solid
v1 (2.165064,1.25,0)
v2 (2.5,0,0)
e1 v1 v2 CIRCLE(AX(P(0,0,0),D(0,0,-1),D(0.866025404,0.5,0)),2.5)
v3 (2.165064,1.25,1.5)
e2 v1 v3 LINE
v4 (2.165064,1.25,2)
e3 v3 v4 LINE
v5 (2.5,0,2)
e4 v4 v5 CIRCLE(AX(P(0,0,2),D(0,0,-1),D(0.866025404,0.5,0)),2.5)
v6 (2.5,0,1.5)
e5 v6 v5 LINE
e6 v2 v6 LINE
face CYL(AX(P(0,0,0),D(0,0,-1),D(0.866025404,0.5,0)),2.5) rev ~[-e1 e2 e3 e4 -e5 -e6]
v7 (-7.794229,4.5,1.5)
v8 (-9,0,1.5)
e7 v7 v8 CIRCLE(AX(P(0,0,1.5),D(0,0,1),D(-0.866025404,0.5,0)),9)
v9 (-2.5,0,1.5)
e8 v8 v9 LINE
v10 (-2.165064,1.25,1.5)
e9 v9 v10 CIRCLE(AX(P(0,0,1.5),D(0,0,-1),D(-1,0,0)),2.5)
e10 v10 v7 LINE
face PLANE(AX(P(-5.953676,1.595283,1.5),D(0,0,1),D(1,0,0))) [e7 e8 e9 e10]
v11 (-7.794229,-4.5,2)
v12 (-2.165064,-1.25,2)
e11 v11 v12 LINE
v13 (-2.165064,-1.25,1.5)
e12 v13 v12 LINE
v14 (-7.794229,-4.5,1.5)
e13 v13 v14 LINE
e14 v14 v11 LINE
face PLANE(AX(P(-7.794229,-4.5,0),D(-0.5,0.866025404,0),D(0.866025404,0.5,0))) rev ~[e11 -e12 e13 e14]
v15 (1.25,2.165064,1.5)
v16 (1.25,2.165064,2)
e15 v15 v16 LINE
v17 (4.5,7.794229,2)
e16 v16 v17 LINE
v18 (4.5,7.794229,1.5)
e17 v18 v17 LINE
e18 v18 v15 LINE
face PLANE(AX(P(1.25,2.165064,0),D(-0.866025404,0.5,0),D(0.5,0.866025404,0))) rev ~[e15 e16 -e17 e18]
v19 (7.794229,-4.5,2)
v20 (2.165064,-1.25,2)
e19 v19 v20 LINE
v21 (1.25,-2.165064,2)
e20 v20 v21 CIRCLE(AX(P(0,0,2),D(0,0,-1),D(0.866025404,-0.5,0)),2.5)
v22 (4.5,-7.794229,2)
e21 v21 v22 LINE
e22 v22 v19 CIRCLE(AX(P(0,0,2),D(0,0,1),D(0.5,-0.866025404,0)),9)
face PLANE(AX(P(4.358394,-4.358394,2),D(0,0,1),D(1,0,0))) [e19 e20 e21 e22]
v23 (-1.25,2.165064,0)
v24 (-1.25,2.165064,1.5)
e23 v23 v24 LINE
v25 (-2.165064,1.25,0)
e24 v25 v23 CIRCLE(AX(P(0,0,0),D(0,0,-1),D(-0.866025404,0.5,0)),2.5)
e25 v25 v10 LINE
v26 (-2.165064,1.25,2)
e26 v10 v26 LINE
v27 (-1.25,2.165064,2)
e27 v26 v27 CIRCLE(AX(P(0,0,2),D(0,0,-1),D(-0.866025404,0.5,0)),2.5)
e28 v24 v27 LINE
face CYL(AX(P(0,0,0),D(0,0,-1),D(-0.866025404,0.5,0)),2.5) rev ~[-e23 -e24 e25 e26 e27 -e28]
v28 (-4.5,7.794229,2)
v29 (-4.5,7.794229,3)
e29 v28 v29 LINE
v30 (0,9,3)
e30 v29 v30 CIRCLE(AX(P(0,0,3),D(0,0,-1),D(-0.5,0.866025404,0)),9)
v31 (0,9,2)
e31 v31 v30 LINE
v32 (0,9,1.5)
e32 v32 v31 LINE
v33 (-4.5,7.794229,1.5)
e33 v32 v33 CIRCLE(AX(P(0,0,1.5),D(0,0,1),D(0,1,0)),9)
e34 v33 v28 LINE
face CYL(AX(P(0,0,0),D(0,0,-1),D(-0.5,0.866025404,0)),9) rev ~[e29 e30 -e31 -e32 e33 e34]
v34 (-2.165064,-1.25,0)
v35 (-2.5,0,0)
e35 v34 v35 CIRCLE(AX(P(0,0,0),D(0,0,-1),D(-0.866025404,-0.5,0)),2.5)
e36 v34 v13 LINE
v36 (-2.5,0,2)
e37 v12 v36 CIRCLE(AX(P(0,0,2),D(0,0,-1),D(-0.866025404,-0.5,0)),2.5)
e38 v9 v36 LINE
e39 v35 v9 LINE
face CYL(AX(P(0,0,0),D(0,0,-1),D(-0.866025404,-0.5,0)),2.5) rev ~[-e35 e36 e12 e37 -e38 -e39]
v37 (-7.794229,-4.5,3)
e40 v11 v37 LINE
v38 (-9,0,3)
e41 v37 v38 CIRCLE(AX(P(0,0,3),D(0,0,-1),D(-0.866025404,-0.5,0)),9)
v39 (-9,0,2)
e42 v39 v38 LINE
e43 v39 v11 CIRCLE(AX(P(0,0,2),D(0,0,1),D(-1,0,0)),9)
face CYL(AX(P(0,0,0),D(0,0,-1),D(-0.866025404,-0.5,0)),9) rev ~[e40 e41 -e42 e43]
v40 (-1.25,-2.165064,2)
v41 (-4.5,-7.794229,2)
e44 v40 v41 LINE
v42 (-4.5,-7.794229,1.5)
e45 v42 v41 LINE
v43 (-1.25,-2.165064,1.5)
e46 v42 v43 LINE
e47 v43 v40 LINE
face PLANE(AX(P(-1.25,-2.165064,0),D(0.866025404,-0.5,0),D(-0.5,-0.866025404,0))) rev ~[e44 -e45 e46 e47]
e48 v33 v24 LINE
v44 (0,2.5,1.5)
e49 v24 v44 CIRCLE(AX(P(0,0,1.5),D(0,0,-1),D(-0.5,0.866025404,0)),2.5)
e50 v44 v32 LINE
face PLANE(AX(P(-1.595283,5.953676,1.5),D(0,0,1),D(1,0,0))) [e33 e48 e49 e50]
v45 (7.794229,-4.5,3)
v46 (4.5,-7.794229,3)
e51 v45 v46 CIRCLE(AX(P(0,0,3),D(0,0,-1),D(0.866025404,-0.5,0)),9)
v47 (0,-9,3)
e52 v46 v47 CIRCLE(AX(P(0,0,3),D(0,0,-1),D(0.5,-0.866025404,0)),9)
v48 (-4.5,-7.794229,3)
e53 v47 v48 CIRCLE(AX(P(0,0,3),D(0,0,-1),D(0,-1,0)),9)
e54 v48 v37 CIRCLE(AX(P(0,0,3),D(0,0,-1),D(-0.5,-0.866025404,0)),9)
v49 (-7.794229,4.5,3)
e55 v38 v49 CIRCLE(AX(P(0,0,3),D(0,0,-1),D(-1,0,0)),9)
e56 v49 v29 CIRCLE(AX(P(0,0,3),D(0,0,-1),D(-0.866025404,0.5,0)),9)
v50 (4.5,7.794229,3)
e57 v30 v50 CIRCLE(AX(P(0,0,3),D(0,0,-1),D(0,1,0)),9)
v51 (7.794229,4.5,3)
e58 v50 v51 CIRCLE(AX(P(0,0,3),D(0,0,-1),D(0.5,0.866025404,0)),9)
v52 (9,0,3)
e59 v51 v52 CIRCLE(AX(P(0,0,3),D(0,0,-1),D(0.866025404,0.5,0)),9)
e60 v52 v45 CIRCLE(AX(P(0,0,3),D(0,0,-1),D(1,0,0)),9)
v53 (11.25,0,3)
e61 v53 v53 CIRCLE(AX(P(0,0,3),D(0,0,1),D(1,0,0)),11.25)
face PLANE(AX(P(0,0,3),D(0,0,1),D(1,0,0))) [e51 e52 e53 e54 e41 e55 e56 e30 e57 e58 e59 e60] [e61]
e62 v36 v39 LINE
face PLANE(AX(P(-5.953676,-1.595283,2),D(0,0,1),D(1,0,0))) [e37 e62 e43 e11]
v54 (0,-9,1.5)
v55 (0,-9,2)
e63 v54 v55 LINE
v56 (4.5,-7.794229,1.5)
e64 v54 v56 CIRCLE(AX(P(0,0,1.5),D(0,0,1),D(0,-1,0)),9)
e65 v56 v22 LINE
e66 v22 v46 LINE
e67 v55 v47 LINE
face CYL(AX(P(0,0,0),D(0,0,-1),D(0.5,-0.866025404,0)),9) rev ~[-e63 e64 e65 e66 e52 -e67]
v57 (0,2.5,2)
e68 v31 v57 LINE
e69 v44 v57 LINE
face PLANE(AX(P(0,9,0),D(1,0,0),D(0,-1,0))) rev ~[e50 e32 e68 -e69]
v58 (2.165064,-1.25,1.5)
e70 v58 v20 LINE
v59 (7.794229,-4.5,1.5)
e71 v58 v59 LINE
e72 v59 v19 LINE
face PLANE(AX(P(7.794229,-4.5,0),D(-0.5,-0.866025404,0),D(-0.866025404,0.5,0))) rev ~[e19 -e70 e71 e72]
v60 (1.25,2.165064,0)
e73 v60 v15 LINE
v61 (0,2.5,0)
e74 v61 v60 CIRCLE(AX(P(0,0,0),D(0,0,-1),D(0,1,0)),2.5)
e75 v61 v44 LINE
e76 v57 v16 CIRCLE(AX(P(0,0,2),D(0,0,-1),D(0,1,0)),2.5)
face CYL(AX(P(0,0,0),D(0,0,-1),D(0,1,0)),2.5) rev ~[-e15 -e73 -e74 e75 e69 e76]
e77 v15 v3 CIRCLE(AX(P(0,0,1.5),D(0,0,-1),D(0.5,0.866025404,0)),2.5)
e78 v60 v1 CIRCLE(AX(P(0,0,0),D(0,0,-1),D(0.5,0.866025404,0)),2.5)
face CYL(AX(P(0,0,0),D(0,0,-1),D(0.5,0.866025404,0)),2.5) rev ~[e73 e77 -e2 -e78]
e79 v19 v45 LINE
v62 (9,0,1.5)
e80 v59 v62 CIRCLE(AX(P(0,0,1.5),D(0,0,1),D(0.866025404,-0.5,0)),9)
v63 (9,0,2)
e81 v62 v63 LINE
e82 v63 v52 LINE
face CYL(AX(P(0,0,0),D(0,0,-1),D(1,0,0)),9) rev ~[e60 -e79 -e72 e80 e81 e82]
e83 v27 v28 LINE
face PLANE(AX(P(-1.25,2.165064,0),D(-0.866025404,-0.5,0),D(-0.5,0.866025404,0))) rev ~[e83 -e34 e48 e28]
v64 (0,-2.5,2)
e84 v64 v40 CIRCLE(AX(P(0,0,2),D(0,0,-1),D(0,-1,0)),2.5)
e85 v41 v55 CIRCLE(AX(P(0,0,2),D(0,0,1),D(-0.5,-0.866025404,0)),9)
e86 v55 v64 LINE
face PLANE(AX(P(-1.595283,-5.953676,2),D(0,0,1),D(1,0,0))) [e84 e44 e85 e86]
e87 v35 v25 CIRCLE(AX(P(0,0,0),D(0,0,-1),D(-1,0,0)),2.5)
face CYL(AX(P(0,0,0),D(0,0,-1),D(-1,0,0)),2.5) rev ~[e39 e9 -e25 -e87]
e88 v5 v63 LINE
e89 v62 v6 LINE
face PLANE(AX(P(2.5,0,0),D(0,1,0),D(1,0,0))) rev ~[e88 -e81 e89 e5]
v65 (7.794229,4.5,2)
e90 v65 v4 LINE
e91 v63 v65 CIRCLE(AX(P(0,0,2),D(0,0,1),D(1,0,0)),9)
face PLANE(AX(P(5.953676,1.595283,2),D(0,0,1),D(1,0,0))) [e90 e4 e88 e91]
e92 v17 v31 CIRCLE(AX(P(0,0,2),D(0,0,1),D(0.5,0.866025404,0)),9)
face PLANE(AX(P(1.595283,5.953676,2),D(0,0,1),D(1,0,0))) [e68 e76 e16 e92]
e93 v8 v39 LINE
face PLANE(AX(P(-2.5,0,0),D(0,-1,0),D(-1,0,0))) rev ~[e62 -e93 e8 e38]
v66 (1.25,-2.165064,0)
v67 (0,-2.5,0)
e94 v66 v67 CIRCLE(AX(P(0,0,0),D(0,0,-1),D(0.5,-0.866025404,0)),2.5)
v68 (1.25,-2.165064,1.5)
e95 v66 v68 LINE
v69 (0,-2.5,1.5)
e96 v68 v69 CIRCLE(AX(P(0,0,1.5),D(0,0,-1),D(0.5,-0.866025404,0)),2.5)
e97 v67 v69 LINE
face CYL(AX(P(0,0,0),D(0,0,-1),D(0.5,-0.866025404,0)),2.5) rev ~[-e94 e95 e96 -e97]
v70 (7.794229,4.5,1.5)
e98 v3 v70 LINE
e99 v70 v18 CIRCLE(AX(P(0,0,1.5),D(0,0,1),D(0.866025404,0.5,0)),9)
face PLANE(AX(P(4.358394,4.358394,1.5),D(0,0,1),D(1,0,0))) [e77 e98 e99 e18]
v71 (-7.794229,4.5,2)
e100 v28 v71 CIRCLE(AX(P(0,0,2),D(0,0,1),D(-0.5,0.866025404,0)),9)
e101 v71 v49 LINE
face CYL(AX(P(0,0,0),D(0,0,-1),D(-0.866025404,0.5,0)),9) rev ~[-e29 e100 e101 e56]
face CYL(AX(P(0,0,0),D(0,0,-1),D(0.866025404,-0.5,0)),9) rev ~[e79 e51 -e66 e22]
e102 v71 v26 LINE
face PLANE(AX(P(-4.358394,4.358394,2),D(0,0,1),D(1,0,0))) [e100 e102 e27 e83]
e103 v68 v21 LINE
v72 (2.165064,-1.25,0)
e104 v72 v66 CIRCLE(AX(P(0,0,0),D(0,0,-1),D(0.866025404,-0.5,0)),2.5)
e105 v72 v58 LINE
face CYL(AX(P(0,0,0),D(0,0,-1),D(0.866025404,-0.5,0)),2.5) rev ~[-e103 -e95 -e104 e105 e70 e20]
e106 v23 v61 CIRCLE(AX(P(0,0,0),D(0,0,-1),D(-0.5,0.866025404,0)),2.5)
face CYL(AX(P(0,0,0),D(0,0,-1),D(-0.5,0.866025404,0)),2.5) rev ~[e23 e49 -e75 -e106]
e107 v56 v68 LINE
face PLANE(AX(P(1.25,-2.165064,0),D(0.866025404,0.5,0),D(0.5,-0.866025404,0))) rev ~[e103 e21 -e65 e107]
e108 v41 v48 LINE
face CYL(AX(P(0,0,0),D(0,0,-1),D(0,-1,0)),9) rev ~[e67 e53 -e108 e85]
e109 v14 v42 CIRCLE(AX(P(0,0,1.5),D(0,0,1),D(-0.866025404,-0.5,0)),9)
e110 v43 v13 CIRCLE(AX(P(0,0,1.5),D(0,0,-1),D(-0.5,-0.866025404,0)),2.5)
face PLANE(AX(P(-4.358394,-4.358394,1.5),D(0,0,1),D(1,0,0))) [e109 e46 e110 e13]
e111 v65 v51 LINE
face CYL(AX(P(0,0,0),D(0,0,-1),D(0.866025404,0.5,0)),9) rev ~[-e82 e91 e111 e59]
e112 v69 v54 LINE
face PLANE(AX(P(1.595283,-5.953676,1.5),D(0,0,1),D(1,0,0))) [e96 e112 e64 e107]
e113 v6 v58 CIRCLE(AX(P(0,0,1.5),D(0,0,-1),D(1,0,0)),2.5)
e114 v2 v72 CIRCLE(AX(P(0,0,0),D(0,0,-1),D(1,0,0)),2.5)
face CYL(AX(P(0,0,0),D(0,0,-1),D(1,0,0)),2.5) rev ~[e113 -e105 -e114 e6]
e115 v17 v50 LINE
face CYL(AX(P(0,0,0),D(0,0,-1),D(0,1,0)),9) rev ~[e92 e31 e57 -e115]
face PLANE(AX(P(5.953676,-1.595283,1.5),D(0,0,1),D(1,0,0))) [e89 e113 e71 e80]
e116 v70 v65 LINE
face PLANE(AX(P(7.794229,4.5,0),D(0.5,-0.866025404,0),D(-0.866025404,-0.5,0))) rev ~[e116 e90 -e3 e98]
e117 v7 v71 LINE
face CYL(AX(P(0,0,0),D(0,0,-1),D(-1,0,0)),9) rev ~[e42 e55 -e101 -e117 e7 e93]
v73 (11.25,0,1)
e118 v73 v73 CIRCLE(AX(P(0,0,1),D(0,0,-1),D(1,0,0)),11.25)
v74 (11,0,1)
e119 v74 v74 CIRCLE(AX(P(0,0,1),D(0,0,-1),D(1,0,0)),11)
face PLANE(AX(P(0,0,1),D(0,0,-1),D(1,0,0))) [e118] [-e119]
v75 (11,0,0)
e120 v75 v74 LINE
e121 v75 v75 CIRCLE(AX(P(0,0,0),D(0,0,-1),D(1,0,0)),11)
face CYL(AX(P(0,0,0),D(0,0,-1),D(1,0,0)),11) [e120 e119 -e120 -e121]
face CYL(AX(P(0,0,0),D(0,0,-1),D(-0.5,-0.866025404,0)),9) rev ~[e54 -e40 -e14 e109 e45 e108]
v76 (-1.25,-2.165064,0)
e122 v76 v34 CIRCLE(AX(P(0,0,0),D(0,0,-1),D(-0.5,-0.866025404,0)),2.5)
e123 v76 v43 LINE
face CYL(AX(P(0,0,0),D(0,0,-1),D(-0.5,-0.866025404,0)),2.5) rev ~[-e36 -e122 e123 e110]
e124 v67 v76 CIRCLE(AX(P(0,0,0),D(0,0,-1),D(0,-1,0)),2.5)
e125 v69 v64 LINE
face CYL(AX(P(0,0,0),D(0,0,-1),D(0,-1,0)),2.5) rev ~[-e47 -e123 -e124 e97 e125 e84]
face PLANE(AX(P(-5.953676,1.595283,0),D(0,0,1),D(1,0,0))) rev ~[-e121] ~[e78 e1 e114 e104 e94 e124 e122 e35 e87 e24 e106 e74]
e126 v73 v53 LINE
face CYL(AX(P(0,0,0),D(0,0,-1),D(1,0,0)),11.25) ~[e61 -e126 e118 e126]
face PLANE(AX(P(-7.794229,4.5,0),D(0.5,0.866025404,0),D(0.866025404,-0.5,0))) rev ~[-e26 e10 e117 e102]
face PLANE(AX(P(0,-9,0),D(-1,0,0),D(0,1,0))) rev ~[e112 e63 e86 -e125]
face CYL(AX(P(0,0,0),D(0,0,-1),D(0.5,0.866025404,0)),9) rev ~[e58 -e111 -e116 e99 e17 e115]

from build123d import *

# Parameters (mm, degrees)
F0_R     = 11.25
F1_DEPTH = 3
F2_DEPTH = 2
F3_DEPTH = 1.5
F4_R     = 11.25
F4_R_2   = 11
F5_DEPTH = 1


with BuildPart() as f1:
    # F0 (on Top) → F1 (new body)
    with BuildSketch(Plane.XY):
        Circle(F0_R)
        with BuildLine():
            ThreePointArc((7.7942286341, 4.5), (8.6933324366, 2.3293714059), (9, 0))
            ThreePointArc((9, 0), (8.6933324366, -2.3293714059), (7.7942286341, -4.5))
            ThreePointArc((7.7942286341, -4.5), (6.3639610307, -6.3639610307), (4.5, -7.7942286341))
            ThreePointArc((4.5, -7.7942286341), (2.3293714059, -8.6933324366), (0, -9))
            ThreePointArc((0, -9), (-2.3293714059, -8.6933324366), (-4.5, -7.7942286341))
            ThreePointArc((-4.5, -7.7942286341), (-6.3639610307, -6.3639610307), (-7.7942286341, -4.5))
            ThreePointArc((-7.7942286341, -4.5), (-8.6933324366, -2.3293714059), (-9, 0))
            ThreePointArc((-9, 0), (-8.6933324366, 2.3293714059), (-7.7942286341, 4.5))
            ThreePointArc((-7.7942286341, 4.5), (-6.3639610307, 6.3639610307), (-4.5, 7.7942286341))
            ThreePointArc((-4.5, 7.7942286341), (-2.3293714059, 8.6933324366), (0, 9))
            ThreePointArc((0, 9), (2.3293714059, 8.6933324366), (4.5, 7.7942286341))
            ThreePointArc((4.5, 7.7942286341), (6.3639610307, 6.3639610307), (7.7942286341, 4.5))
        make_face(mode=Mode.SUBTRACT)
    extrude(amount=F1_DEPTH)

    # F0 (on Top) → F2 (join)
    with BuildSketch(Plane.XY):
        with BuildLine():
            Line((-7.7942286341, 4.5), (-2.1650635095, 1.25))
            ThreePointArc((-2.1650635095, 1.25), (-1.767766953, 1.767766953), (-1.25, 2.1650635095))
            Line((-1.25, 2.1650635095), (-4.5, 7.7942286341))
            ThreePointArc((-4.5, 7.7942286341), (-6.3639610307, 6.3639610307), (-7.7942286341, 4.5))
        make_face()
        with BuildLine():
            Line((1.25, 2.1650635095), (4.5, 7.7942286341))
            ThreePointArc((4.5, 7.7942286341), (2.3293714059, 8.6933324366), (0, 9))
            Line((0, 9), (0, 2.5))
            ThreePointArc((0, 2.5), (0.6470476128, 2.4148145657), (1.25, 2.1650635095))
        make_face()
        with BuildLine():
            Line((2.5, 0), (9, 0))
            ThreePointArc((9, 0), (8.6933324366, 2.3293714059), (7.7942286341, 4.5))
            Line((7.7942286341, 4.5), (2.1650635095, 1.25))
            ThreePointArc((2.1650635095, 1.25), (2.4148145657, 0.6470476128), (2.5, 0))
        make_face()
        with BuildLine():
            ThreePointArc((4.5, -7.7942286341), (6.3639610307, -6.3639610307), (7.7942286341, -4.5))
            Line((7.7942286341, -4.5), (2.1650635095, -1.25))
            ThreePointArc((2.1650635095, -1.25), (1.767766953, -1.767766953), (1.25, -2.1650635095))
            Line((1.25, -2.1650635095), (4.5, -7.7942286341))
        make_face()
        with BuildLine():
            ThreePointArc((-4.5, -7.7942286341), (-2.3293714059, -8.6933324366), (0, -9))
            Line((0, -9), (0, -2.5))
            ThreePointArc((0, -2.5), (-0.6470476128, -2.4148145657), (-1.25, -2.1650635095))
            Line((-1.25, -2.1650635095), (-4.5, -7.7942286341))
        make_face()
        with BuildLine():
            ThreePointArc((-2.1650635095, -1.25), (-2.4148145657, -0.6470476128), (-2.5, 0))
            Line((-2.5, 0), (-9, 0))
            ThreePointArc((-9, 0), (-8.6933324366, -2.3293714059), (-7.7942286341, -4.5))
            Line((-7.7942286341, -4.5), (-2.1650635095, -1.25))
        make_face()
    extrude(amount=F2_DEPTH)

    # F0 (on Top) → F3 (join)
    with BuildSketch(Plane.XY):
        with BuildLine():
            Line((-9, 0), (-2.5, 0))
            ThreePointArc((-2.5, 0), (-2.4148145657, 0.6470476128), (-2.1650635095, 1.25))
            Line((-2.1650635095, 1.25), (-7.7942286341, 4.5))
            ThreePointArc((-7.7942286341, 4.5), (-8.6933324366, 2.3293714059), (-9, 0))
        make_face()
        with BuildLine():
            Line((0, 2.5), (0, 9))
            ThreePointArc((0, 9), (-2.3293714059, 8.6933324366), (-4.5, 7.7942286341))
            Line((-4.5, 7.7942286341), (-1.25, 2.1650635095))
            ThreePointArc((-1.25, 2.1650635095), (-0.6470476128, 2.4148145657), (0, 2.5))
        make_face()
        with BuildLine():
            Line((2.1650635095, 1.25), (7.7942286341, 4.5))
            ThreePointArc((7.7942286341, 4.5), (6.3639610307, 6.3639610307), (4.5, 7.7942286341))
            Line((4.5, 7.7942286341), (1.25, 2.1650635095))
            ThreePointArc((1.25, 2.1650635095), (1.767766953, 1.767766953), (2.1650635095, 1.25))
        make_face()
        with BuildLine():
            ThreePointArc((7.7942286341, -4.5), (8.6933324366, -2.3293714059), (9, 0))
            Line((9, 0), (2.5, 0))
            ThreePointArc((2.5, 0), (2.4148145657, -0.6470476128), (2.1650635095, -1.25))
            Line((2.1650635095, -1.25), (7.7942286341, -4.5))
        make_face()
        with BuildLine():
            ThreePointArc((0, -9), (2.3293714059, -8.6933324366), (4.5, -7.7942286341))
            Line((4.5, -7.7942286341), (1.25, -2.1650635095))
            ThreePointArc((1.25, -2.1650635095), (0.6470476128, -2.4148145657), (0, -2.5))
            Line((0, -2.5), (0, -9))
        make_face()
        with BuildLine():
            Line((-4.5, -7.7942286341), (-1.25, -2.1650635095))
            ThreePointArc((-1.25, -2.1650635095), (-1.767766953, -1.767766953), (-2.1650635095, -1.25))
            Line((-2.1650635095, -1.25), (-7.7942286341, -4.5))
            ThreePointArc((-7.7942286341, -4.5), (-6.3639610307, -6.3639610307), (-4.5, -7.7942286341))
        make_face()
    extrude(amount=F3_DEPTH)

    # F4 (on face) → F5 (cut)
    with BuildSketch(Plane(origin=(0, 0, 0), x_dir=(1, 0, 0), z_dir=(0, 0, -1))):
        Circle(F4_R)
        Circle(F4_R_2, mode=Mode.SUBTRACT)
    extrude(amount=-F5_DEPTH, mode=Mode.SUBTRACT)


solid = f1.part
